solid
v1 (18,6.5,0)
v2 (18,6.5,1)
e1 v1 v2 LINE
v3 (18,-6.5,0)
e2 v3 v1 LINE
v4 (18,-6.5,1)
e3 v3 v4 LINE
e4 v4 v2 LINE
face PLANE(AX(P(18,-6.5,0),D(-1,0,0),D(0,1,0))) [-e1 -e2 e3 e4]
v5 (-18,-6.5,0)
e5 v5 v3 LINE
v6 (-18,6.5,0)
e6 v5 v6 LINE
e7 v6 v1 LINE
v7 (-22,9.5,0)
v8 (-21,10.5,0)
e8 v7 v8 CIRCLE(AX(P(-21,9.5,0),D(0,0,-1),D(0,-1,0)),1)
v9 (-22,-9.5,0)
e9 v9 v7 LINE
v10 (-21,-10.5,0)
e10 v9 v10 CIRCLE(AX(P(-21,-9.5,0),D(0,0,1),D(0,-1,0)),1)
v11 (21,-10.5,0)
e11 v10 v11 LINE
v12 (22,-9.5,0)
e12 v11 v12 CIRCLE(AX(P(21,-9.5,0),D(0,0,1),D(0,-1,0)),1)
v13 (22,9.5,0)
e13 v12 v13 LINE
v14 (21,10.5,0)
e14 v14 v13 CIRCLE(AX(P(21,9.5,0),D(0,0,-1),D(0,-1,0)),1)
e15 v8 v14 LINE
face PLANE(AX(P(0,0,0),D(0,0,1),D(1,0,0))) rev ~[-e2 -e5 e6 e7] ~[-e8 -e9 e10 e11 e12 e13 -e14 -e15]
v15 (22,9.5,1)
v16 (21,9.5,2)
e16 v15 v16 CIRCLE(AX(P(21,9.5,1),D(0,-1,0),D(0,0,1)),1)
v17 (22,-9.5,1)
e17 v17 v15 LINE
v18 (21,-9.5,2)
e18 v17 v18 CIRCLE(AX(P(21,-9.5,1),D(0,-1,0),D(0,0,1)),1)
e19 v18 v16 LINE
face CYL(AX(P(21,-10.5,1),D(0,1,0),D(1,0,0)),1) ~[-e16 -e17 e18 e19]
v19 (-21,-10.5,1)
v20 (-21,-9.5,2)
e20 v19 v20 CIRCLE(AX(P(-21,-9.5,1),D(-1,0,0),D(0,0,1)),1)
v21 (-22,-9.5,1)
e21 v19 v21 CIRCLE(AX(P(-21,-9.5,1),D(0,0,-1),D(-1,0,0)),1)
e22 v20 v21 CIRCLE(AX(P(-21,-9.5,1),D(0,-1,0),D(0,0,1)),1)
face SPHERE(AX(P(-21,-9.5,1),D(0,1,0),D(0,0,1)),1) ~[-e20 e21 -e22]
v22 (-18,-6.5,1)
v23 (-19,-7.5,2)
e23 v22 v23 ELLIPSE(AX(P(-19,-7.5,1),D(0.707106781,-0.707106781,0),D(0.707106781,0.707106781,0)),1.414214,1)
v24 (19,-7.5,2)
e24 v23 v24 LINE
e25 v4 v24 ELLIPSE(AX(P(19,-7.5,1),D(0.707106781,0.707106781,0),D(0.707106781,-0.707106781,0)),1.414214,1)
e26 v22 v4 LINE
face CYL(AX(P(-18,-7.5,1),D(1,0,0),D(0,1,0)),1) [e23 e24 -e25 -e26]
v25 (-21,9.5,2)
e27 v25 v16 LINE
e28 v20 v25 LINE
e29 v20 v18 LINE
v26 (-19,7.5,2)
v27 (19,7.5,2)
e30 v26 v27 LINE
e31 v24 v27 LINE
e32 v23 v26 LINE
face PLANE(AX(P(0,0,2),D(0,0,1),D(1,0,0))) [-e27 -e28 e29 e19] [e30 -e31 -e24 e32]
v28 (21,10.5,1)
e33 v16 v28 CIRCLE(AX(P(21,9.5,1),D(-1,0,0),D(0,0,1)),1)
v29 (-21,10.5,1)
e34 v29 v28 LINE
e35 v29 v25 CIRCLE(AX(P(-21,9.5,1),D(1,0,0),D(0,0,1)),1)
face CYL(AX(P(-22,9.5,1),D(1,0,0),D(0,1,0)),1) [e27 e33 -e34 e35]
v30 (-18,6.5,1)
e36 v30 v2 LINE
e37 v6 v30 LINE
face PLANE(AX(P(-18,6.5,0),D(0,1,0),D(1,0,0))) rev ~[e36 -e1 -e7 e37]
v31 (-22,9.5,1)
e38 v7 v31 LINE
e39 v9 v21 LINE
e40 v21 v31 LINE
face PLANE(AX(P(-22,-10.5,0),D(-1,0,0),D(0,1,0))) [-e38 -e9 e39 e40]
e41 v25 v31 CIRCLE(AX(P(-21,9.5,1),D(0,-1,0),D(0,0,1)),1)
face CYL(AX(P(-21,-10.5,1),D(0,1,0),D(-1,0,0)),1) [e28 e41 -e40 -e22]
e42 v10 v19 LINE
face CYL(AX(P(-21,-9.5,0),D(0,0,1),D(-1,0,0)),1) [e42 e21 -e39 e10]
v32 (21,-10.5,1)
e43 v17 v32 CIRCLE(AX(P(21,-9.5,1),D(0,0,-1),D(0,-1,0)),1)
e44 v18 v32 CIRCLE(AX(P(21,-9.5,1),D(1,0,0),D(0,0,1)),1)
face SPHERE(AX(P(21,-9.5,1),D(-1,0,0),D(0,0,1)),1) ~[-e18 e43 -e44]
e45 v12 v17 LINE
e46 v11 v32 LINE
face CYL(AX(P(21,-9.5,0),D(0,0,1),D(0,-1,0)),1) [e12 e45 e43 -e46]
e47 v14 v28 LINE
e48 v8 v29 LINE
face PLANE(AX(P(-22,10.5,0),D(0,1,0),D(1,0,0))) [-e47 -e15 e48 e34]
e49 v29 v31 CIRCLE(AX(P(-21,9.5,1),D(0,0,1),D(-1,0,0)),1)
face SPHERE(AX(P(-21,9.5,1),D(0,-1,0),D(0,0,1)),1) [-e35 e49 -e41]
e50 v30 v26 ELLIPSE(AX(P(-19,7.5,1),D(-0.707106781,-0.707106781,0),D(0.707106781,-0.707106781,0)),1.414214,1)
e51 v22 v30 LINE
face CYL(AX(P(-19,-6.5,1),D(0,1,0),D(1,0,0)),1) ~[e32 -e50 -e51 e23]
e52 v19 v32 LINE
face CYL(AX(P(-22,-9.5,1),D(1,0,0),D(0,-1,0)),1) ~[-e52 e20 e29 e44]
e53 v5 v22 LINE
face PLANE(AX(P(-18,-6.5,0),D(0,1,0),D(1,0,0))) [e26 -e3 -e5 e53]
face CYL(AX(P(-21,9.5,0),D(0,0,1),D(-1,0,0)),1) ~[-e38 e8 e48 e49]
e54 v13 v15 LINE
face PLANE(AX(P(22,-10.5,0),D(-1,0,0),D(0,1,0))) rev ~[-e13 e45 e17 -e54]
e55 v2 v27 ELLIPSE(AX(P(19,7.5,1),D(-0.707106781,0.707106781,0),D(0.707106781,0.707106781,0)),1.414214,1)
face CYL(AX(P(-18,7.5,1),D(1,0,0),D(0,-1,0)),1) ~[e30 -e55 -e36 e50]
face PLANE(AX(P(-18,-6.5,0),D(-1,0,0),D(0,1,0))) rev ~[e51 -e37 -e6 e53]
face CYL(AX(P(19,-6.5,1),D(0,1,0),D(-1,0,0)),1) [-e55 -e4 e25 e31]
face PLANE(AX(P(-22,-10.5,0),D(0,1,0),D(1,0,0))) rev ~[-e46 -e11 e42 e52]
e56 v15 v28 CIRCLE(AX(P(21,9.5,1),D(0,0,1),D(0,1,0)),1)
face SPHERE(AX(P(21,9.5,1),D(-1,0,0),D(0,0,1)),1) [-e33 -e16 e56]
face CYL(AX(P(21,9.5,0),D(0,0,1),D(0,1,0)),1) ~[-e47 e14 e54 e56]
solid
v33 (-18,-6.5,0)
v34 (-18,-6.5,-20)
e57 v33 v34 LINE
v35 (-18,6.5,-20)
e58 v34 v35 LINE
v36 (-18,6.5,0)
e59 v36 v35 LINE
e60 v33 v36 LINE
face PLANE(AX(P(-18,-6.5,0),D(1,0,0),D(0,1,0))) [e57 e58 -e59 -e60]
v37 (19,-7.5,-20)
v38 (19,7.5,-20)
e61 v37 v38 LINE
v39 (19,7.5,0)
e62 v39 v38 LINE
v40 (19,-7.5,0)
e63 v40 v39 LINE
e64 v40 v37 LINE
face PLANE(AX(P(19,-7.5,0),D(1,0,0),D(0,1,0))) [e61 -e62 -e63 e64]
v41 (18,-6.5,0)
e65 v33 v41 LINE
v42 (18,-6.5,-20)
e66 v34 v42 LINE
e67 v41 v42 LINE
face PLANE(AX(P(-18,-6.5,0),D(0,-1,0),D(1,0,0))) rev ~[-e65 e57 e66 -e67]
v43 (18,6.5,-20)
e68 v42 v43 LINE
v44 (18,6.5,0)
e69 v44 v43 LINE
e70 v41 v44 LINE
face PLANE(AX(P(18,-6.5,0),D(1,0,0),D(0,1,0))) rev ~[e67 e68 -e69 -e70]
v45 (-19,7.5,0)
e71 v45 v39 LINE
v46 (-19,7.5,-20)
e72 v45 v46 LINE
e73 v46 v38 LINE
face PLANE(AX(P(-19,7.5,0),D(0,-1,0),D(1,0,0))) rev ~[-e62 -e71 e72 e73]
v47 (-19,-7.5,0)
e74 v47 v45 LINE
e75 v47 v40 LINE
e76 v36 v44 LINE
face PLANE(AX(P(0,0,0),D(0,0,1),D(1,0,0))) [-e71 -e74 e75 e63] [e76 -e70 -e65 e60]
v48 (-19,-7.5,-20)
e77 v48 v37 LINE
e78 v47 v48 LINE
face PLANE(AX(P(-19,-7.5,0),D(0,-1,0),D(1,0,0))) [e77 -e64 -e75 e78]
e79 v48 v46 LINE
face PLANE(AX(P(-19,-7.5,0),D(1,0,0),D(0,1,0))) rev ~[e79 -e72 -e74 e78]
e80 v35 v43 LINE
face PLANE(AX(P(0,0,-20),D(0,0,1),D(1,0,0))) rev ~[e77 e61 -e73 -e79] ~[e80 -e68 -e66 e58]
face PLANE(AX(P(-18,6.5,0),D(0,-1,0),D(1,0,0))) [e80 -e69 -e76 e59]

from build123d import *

# Parameters (mm, degrees)
F0_W     = 38
F0_H     = 15
F0_W_2   = 36
F0_H_2   = 13
F1_DEPTH = 20
F0_W_3   = 44
F0_H_3   = 21
F2_DEPTH = 2
F3_R     = 1


with BuildPart() as f1:
    # F0 (on Top) → F1 (new body)
    with BuildSketch(Plane.XY):
        Rectangle(F0_W, F0_H)
        Rectangle(F0_W_2, F0_H_2, mode=Mode.SUBTRACT)
    extrude(amount=-F1_DEPTH)


with BuildPart() as f2:
    # F0 (on Top) → F2 (new body)
    with BuildSketch(Plane.XY):
        Rectangle(F0_W_3, F0_H_3)
        Rectangle(F0_W, F0_H, mode=Mode.SUBTRACT)
        Rectangle(F0_W, F0_H)
        Rectangle(F0_W_2, F0_H_2, mode=Mode.SUBTRACT)
    extrude(amount=F2_DEPTH)

    # F3
    f3_edges = [f2.edges().sort_by_distance(p)[0] for p in [
        (0, 6.5, 2),
        (-18, 0, 2),
        (0, -6.5, 2),
        (18, 0, 2),
        (-22, 0, 2),
        (0, 10.5, 2),
        (0, -10.5, 2),
        (22, 0, 2),
        (-22, -10.5, 1),
        (22, -10.5, 1),
        (22, 10.5, 1),
        (-22, 10.5, 1),
    ]]
    fillet(f3_edges, radius=F3_R)


solid = Compound([f1.part, f2.part])
